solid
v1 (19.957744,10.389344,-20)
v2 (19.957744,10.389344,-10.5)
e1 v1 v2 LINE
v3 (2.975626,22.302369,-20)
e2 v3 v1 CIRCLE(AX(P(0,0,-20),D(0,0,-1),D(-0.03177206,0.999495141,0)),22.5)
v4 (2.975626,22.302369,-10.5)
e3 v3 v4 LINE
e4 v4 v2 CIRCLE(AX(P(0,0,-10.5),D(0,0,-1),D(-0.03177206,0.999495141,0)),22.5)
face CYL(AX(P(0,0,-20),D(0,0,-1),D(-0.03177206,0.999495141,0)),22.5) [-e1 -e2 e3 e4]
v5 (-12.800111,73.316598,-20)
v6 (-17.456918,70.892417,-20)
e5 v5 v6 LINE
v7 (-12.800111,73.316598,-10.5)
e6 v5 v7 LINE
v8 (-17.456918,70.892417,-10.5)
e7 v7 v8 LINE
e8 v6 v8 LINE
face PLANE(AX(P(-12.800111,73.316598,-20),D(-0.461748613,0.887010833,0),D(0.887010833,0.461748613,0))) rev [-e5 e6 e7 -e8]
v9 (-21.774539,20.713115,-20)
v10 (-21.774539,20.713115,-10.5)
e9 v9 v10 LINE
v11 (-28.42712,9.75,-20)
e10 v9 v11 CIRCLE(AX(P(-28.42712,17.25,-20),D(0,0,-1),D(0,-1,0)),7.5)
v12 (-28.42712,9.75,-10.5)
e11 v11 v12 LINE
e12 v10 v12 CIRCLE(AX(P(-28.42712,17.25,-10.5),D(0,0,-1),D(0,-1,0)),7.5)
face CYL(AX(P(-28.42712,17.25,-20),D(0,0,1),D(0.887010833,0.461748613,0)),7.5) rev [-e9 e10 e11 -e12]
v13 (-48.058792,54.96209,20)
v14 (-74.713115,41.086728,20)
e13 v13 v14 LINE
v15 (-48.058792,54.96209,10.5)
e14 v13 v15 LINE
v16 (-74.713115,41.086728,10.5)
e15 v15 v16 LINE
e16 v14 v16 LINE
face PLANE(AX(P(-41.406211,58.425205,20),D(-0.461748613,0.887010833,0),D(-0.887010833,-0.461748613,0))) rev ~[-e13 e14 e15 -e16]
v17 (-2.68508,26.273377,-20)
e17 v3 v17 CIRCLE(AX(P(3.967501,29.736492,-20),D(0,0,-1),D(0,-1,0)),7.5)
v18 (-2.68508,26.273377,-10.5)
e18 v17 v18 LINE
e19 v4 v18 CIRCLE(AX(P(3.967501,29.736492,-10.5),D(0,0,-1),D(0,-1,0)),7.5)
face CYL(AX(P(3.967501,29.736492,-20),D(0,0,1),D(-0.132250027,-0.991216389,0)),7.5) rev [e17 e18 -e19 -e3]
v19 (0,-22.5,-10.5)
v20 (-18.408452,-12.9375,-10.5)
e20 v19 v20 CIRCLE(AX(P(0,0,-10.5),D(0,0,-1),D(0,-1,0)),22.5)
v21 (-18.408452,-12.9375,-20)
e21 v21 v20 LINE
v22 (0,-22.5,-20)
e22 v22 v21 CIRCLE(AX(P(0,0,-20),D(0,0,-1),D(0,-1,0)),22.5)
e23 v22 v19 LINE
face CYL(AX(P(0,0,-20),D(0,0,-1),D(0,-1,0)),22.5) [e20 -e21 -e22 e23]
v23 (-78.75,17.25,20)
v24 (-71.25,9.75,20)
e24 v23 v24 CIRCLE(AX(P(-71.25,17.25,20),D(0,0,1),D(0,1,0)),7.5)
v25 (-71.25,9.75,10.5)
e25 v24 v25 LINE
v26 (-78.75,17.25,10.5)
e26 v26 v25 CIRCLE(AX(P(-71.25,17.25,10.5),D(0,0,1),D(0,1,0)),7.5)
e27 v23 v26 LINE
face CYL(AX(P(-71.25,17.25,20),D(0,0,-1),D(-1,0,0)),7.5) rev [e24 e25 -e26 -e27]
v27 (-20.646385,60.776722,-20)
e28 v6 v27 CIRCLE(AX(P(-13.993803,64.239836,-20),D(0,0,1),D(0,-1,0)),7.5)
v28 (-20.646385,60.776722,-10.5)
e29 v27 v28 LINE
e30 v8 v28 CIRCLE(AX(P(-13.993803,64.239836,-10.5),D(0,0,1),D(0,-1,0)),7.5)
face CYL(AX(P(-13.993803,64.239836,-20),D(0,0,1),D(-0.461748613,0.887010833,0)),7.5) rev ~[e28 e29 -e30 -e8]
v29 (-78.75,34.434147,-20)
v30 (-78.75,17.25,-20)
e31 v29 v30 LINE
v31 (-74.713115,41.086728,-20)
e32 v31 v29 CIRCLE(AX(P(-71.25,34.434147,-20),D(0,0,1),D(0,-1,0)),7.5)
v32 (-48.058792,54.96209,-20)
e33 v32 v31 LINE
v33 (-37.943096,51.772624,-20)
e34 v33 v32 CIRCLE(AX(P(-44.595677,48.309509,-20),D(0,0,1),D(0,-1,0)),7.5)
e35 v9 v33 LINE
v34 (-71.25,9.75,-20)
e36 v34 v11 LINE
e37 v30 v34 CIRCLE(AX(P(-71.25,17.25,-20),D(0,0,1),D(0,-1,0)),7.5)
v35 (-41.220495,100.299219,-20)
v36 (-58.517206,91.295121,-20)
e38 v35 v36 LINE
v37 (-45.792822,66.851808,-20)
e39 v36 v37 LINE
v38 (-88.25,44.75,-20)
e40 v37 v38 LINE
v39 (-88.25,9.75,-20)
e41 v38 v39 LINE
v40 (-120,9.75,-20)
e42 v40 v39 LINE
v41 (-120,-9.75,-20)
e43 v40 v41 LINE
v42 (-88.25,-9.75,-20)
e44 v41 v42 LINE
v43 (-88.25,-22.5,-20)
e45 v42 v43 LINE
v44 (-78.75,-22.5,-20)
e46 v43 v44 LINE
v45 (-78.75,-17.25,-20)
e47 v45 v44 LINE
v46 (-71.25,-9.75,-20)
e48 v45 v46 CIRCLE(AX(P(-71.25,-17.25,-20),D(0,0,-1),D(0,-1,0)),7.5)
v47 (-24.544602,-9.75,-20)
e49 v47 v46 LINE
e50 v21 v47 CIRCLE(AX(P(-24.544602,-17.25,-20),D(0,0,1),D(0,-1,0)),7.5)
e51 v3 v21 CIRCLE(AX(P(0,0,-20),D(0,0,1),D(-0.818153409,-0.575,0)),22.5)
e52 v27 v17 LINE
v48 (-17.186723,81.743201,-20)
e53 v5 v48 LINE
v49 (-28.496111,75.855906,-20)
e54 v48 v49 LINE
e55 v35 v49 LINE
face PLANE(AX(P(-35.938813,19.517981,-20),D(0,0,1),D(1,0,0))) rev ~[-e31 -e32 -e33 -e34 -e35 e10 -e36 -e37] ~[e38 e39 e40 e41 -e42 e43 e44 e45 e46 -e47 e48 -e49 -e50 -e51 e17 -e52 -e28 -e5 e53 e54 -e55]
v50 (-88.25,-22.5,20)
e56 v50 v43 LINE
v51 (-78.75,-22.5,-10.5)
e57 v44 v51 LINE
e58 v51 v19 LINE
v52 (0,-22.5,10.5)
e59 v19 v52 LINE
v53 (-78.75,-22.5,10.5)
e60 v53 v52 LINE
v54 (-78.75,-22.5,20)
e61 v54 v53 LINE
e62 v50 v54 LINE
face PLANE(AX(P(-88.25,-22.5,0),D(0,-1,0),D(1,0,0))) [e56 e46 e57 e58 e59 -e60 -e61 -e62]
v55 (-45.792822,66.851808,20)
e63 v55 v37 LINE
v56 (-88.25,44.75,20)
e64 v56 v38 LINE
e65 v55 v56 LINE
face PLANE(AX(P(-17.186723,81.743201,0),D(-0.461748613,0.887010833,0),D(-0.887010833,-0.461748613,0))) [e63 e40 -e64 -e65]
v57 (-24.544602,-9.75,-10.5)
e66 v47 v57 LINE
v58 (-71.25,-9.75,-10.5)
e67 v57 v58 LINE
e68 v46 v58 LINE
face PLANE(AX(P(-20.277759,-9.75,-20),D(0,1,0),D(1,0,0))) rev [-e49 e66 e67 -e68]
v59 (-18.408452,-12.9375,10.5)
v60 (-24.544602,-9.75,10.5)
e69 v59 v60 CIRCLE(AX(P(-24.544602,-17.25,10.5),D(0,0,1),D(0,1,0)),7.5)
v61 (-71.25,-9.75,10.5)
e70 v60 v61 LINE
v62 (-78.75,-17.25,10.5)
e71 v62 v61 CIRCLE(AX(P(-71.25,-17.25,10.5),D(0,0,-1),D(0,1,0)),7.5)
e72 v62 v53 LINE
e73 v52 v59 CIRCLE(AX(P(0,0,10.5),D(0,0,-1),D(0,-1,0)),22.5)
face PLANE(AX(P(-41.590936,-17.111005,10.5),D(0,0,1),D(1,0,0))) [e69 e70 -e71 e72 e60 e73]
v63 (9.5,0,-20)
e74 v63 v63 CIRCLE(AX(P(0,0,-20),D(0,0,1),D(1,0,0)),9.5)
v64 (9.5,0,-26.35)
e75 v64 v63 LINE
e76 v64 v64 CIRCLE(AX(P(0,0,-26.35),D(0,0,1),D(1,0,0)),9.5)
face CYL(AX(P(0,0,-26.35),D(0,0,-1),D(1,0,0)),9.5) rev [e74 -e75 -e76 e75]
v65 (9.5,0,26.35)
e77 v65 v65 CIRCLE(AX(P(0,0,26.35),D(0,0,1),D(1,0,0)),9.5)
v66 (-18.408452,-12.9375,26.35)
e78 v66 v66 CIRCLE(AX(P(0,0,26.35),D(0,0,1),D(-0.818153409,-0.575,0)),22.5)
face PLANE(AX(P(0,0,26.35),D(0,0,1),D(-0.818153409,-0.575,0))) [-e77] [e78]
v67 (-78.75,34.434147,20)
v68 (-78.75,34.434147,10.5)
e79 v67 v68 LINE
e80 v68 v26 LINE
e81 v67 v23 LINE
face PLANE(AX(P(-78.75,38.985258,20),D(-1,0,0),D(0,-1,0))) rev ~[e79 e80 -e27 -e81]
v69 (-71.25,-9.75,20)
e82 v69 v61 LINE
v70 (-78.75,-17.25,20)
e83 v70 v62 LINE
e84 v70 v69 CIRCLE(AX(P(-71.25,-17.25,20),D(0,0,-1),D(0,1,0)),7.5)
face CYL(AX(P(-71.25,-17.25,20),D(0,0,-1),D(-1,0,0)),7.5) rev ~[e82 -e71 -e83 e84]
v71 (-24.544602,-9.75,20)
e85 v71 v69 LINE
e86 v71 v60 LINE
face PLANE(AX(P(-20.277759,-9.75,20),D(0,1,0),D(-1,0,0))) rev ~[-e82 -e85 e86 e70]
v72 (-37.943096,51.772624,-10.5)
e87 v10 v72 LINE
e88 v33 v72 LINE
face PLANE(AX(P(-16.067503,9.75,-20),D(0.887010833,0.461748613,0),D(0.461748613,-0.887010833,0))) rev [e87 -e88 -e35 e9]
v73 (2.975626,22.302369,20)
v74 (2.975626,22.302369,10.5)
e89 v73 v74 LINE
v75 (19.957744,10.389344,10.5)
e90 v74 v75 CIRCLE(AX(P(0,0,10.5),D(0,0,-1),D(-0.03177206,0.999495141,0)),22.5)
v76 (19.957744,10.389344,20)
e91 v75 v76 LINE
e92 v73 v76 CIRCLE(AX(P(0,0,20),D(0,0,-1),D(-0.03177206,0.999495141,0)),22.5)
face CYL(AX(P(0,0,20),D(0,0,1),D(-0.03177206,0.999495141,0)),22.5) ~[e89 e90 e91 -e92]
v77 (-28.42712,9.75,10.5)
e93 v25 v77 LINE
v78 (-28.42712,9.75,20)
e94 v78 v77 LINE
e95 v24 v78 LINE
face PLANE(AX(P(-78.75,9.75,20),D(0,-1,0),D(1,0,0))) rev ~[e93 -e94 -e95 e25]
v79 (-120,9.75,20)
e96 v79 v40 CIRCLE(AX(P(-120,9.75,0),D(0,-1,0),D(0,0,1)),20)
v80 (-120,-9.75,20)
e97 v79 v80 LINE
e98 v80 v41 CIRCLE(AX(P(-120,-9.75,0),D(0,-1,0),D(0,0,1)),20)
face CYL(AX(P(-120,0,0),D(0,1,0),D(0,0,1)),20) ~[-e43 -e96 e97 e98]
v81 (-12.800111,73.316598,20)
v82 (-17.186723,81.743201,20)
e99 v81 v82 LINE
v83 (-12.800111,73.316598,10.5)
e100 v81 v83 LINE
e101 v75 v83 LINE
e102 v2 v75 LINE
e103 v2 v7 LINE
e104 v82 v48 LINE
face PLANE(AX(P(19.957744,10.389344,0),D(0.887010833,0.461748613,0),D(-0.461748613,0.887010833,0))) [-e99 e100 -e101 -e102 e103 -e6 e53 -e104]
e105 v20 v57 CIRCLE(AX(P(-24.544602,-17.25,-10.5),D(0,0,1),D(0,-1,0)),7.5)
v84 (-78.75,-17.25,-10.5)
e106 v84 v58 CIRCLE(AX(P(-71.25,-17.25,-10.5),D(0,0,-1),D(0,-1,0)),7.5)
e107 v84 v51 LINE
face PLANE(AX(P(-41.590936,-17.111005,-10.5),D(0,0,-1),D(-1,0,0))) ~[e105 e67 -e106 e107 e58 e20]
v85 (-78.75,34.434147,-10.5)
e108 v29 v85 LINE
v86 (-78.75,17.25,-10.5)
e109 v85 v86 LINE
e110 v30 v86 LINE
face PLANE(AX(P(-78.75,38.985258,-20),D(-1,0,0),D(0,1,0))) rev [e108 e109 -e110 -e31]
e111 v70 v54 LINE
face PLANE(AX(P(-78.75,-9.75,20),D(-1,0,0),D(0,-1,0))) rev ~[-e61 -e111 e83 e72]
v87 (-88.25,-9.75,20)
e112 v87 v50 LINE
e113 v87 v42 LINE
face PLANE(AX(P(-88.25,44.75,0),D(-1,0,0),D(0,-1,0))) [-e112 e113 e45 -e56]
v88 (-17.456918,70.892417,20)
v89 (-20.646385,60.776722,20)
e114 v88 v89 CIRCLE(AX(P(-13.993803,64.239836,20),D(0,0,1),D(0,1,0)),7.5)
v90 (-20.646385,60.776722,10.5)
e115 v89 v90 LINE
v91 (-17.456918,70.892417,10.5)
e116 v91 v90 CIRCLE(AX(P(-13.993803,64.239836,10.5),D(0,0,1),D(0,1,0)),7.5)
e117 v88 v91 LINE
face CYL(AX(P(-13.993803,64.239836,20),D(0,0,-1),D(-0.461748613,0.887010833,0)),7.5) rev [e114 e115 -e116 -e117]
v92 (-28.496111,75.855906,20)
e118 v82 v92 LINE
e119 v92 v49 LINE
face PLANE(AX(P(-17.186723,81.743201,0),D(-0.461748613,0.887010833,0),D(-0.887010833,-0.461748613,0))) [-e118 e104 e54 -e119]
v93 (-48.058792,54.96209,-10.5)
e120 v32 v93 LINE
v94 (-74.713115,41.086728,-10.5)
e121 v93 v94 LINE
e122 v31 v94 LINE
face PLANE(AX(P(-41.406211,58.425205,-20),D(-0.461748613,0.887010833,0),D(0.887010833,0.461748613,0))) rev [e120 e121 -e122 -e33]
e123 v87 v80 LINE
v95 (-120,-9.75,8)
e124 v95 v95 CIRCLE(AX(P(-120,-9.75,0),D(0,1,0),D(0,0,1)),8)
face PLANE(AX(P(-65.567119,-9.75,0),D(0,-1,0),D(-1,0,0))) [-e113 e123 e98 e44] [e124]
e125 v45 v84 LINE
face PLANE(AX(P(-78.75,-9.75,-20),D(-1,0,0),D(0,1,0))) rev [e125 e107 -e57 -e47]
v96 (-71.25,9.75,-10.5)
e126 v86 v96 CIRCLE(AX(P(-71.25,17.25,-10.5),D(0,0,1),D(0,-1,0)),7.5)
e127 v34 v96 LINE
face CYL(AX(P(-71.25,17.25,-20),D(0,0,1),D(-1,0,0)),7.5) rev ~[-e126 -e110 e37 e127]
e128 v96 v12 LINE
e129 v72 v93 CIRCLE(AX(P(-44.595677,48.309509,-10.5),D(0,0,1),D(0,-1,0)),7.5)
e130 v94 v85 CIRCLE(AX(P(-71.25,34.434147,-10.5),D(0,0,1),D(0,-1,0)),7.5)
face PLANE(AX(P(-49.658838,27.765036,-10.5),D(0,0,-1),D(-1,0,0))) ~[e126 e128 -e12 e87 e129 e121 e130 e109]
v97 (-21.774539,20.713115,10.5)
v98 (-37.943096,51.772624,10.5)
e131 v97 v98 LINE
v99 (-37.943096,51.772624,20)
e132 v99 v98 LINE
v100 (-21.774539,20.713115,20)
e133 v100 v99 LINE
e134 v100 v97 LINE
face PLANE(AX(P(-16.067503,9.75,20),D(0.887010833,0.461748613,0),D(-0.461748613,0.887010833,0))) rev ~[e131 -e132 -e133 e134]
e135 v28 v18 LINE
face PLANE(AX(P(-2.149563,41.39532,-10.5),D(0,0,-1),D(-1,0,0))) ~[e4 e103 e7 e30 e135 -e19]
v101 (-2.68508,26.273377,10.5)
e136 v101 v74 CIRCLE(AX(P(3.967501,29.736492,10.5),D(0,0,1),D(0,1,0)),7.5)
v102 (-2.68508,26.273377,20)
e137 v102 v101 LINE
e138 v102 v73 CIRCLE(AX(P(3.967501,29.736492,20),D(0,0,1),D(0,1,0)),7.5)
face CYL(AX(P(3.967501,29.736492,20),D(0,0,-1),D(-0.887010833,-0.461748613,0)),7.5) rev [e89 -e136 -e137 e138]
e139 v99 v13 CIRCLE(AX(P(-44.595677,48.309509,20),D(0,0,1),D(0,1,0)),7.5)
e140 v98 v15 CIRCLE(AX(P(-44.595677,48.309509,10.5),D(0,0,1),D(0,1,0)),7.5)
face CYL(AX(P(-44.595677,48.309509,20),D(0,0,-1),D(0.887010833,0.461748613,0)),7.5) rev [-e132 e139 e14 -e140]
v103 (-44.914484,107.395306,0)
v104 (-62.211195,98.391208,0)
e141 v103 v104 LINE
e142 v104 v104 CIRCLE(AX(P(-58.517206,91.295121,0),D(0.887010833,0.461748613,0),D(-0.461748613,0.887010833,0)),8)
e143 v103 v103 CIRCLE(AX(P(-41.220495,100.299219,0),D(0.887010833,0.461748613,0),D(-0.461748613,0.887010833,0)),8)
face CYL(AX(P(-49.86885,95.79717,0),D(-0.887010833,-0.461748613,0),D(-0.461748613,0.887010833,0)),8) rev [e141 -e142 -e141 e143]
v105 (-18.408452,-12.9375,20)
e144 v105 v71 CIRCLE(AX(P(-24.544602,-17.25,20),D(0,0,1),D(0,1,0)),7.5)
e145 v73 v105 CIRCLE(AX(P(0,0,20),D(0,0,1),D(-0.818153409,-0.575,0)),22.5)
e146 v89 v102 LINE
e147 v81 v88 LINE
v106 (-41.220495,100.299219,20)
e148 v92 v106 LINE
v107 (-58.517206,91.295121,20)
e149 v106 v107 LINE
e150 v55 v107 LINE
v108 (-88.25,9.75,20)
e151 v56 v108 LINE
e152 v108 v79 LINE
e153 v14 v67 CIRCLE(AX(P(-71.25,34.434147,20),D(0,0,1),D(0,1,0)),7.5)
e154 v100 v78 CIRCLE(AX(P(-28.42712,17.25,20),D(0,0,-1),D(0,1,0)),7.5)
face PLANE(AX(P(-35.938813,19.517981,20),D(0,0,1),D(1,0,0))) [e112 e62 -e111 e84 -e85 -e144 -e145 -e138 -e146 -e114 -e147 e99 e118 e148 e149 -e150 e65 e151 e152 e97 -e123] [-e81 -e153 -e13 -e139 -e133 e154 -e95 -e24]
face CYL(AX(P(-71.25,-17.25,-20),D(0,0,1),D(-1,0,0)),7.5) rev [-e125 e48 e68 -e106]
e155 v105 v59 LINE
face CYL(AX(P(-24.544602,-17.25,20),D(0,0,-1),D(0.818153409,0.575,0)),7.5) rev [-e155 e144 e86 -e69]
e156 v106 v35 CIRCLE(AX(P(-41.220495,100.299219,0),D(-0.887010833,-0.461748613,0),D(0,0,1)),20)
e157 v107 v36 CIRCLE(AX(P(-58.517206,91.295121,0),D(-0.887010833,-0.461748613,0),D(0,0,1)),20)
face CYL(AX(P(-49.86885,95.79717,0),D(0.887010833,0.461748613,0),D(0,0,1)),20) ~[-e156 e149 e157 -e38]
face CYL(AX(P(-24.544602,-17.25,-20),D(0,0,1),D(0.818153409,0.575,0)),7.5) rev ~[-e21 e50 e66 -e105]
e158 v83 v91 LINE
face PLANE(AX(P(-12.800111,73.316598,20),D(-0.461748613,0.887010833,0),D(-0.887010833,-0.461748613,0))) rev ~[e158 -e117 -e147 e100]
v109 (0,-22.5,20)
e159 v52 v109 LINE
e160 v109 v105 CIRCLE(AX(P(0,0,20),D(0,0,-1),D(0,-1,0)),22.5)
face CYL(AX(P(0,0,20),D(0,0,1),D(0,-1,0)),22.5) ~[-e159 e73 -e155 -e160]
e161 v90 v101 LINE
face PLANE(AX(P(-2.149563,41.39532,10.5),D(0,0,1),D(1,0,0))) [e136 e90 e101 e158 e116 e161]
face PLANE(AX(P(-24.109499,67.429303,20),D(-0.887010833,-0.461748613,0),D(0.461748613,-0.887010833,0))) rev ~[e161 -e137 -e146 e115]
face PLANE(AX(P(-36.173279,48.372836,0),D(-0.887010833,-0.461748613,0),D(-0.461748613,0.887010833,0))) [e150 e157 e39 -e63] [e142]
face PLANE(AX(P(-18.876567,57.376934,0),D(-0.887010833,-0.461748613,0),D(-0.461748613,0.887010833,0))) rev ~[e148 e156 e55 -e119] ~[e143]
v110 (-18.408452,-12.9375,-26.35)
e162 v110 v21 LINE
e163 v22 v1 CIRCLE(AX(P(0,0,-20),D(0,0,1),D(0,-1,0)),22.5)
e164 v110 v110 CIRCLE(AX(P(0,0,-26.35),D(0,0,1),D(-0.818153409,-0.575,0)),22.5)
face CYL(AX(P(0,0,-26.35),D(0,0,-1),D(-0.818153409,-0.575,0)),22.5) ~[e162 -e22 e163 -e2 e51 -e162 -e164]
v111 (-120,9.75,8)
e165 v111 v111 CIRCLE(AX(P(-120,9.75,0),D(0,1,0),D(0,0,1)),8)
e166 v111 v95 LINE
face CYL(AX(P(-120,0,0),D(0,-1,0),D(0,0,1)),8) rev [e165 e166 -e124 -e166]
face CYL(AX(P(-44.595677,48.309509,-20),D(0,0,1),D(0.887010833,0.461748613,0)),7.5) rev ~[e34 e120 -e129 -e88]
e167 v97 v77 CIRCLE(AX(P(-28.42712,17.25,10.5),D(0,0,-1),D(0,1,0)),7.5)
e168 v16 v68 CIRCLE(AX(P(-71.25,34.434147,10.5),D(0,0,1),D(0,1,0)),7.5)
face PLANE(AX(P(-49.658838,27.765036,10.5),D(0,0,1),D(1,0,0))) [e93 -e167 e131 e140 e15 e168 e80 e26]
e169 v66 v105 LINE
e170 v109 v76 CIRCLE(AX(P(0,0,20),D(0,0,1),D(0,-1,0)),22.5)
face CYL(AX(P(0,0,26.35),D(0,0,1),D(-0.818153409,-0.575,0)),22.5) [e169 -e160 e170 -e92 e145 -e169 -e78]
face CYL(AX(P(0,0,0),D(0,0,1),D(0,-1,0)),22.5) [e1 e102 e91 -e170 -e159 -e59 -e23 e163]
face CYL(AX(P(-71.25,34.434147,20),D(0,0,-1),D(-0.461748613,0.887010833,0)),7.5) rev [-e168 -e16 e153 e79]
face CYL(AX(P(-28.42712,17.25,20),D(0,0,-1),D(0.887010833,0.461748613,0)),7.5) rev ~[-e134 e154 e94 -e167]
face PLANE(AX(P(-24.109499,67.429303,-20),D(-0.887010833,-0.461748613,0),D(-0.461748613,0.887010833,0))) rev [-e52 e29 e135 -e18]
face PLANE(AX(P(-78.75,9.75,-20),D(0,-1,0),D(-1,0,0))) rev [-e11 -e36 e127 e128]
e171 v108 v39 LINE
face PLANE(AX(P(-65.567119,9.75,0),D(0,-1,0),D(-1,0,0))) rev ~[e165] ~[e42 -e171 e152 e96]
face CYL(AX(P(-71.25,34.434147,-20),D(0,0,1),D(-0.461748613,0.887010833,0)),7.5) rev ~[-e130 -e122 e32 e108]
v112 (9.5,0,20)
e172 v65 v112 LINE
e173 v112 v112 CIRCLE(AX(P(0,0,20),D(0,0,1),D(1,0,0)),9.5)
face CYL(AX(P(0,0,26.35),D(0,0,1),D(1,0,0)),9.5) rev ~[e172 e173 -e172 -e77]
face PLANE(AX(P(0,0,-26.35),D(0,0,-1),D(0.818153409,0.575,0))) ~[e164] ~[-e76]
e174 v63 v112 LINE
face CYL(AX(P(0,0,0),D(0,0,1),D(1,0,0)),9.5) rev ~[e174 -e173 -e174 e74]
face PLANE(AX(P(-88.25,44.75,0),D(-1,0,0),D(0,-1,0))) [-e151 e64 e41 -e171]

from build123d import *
from build123d.topology import SkipClean

# Parameters (mm, degrees)
SKETCH2_R            = 8
BOSS_EXTRUDE1_DEPTH  = 9.75
SKETCH3_R            = 8
BOSS_EXTRUDE2_DEPTH  = 9.75
SKETCH5_R            = 22.5
BOSS_EXTRUDE3_DEPTH  = 20
SKETCH6_R            = 9.5
CUT_EXTRUDE1_DEPTH   = 20
CUT_EXTRUDE3_DEPTH   = 9.5
FILLET1_R            = 7.5
FILLET1_OF_MIRROR1_R = 7.5
BOSS_EXTRUDE5_START  = 6.35
SKETCH9_R            = 22.5
SKETCH9_R_2          = 9.5
BOSS_EXTRUDE5_DEPTH  = 6.35


with BuildPart() as part:
    # Sketch2 → Boss-Extrude1 (new, symmetric)
    with BuildSketch(Plane(origin=(0, 0, 0), x_dir=(1, 0, 0), z_dir=(0, 1, 0))):
        with BuildLine():
            Line((0, -20), (-120, -20))
            ThreePointArc((-120, -20), (-140, 0), (-120, 20))
            Line((-120, 20), (0, 20))
            Line((0, 20), (0, -20))
        make_face()
        with Locations(Location((-120, 0, 0), (0, 0, 270))):
            Circle(SKETCH2_R, mode=Mode.SUBTRACT)
    extrude(amount=BOSS_EXTRUDE1_DEPTH, both=True)

    # Sketch3 → Boss-Extrude2 (add, symmetric)
    with BuildSketch(Plane(origin=(0, 0, 0), x_dir=(0.46174861323503175, -0.8870108331782229, 0), z_dir=(0.8870108331782228, 0.4617486132350317, 0))):
        with BuildLine():
            Line((0, -20), (-108, -20))
            ThreePointArc((-108, -20), (-128, 0), (-108, 20))
            Line((-108, 20), (0, 20))
            Line((0, 20), (0, -20))
        make_face()
        with Locations(Location((-108, 0, 0), (0, 0, 180))):
            Circle(SKETCH3_R, mode=Mode.SUBTRACT)
    extrude(amount=BOSS_EXTRUDE2_DEPTH, both=True)

    # Sketch5 → Boss-Extrude3 (add, symmetric)
    with BuildSketch(Plane.XY):
        with BuildLine():
            Line((-88.25, -22.5), (0, -22.5))
            ThreePointArc((0, -22.5), (-19.23551709, 11.672398309), (19.957743747, 10.389343798))
            Line((19.957743747, 10.389343798), (-17.18672299, 81.743200515))
            Line((-17.18672299, 81.743200515), (-88.25, 44.75))
            Line((-88.25, 44.75), (-88.25, -22.5))
        make_face()
        Circle(SKETCH5_R)
    extrude(amount=BOSS_EXTRUDE3_DEPTH, both=True)

    # Sketch6 → Cut-Extrude1 (cut, symmetric)
    with BuildSketch(Plane.XY):
        Circle(SKETCH6_R)
    extrude(amount=CUT_EXTRUDE1_DEPTH, both=True, mode=Mode.SUBTRACT)

    # Sketch7 → Cut-Extrude3 (cut)
    with BuildSketch(Plane.XY.offset(20)):
        with BuildLine():
            Line((-78.75, -22.5), (0, -22.5))
            ThreePointArc((0, -22.5), (-11.976539567, -19.047637649), (-20.277758752, -9.75))
            Line((-20.277758752, -9.75), (-78.75, -9.75))
            Line((-78.75, -9.75), (-78.75, -22.5))
        make_face()
        with BuildLine():
            Line((-12.800111165, 73.3165976), (-24.109499288, 67.429302781))
            Line((-24.109499288, 67.429302781), (-0.71487136, 22.488640665))
            ThreePointArc((-0.71487136, 22.488640665), (11.365310405, 19.41854061), (19.957743747, 10.389343798))
            Line((19.957743747, 10.389343798), (-12.800111165, 73.3165976))
        make_face()
        Polygon((-16.067502725, 9.75), (-41.406210535, 58.425204823), (-78.75, 38.985258485), (-78.75, 9.75), align=None)
    cut_extrude3 = extrude(amount=-CUT_EXTRUDE3_DEPTH, mode=Mode.SUBTRACT)

    # Fillet1
    fillet1_edges = [part.edges().sort_by_distance(p)[0] for p in [
        (-20.277758752, -9.75, 15.25),
        (-78.75, -9.75, 15.25),
        (-78.75, 38.985258485, 15.25),
        (-41.406210535, 58.425204823, 15.25),
        (-16.067502725, 9.75, 15.25),
        (-78.75, 9.75, 15.25),
        (-0.71487136, 22.488640665, 15.25),
        (-24.109499288, 67.429302781, 15.25),
    ]]
    fillet(fillet1_edges, radius=FILLET1_R)

    # Mirror1: Cut-Extrude3 across plane
    add(cut_extrude3.mirror(Plane.XY), mode=Mode.SUBTRACT)

    # Fillet1 of Mirror1
    fillet1_of_mirror1_edges = [part.edges().sort_by_distance(p)[0] for p in [
        (-20.277758752, -9.75, -15.25),
        (-78.75, -9.75, -15.25),
        (-78.75, 38.985258485, -15.25),
        (-41.406210535, 58.425204823, -15.25),
        (-16.067502725, 9.75, -15.25),
        (-78.75, 9.75, -15.25),
        (-0.71487136, 22.488640665, -15.25),
        (-24.109499288, 67.429302781, -15.25),
    ]]
    fillet(fillet1_of_mirror1_edges, radius=FILLET1_OF_MIRROR1_R)

    # Sketch9 → Boss-Extrude5 (add)
    with SkipClean():  # the faces are left unmerged after this step: merging them gives an invalid solid
        with BuildSketch(Plane.XY.offset(20).offset(BOSS_EXTRUDE5_START)):
            with Locations(Location((0, 0, 0), (0, 0, 215.099632195))):
                Circle(SKETCH9_R)
            Circle(SKETCH9_R_2, mode=Mode.SUBTRACT)
        boss_extrude5 = extrude(amount=-BOSS_EXTRUDE5_DEPTH)

    # Mirror2: Boss-Extrude5 across plane
    with SkipClean():  # the faces are left unmerged after this step: merging them gives an invalid solid
        add(boss_extrude5.mirror(Plane.XY))


solid = part.part
